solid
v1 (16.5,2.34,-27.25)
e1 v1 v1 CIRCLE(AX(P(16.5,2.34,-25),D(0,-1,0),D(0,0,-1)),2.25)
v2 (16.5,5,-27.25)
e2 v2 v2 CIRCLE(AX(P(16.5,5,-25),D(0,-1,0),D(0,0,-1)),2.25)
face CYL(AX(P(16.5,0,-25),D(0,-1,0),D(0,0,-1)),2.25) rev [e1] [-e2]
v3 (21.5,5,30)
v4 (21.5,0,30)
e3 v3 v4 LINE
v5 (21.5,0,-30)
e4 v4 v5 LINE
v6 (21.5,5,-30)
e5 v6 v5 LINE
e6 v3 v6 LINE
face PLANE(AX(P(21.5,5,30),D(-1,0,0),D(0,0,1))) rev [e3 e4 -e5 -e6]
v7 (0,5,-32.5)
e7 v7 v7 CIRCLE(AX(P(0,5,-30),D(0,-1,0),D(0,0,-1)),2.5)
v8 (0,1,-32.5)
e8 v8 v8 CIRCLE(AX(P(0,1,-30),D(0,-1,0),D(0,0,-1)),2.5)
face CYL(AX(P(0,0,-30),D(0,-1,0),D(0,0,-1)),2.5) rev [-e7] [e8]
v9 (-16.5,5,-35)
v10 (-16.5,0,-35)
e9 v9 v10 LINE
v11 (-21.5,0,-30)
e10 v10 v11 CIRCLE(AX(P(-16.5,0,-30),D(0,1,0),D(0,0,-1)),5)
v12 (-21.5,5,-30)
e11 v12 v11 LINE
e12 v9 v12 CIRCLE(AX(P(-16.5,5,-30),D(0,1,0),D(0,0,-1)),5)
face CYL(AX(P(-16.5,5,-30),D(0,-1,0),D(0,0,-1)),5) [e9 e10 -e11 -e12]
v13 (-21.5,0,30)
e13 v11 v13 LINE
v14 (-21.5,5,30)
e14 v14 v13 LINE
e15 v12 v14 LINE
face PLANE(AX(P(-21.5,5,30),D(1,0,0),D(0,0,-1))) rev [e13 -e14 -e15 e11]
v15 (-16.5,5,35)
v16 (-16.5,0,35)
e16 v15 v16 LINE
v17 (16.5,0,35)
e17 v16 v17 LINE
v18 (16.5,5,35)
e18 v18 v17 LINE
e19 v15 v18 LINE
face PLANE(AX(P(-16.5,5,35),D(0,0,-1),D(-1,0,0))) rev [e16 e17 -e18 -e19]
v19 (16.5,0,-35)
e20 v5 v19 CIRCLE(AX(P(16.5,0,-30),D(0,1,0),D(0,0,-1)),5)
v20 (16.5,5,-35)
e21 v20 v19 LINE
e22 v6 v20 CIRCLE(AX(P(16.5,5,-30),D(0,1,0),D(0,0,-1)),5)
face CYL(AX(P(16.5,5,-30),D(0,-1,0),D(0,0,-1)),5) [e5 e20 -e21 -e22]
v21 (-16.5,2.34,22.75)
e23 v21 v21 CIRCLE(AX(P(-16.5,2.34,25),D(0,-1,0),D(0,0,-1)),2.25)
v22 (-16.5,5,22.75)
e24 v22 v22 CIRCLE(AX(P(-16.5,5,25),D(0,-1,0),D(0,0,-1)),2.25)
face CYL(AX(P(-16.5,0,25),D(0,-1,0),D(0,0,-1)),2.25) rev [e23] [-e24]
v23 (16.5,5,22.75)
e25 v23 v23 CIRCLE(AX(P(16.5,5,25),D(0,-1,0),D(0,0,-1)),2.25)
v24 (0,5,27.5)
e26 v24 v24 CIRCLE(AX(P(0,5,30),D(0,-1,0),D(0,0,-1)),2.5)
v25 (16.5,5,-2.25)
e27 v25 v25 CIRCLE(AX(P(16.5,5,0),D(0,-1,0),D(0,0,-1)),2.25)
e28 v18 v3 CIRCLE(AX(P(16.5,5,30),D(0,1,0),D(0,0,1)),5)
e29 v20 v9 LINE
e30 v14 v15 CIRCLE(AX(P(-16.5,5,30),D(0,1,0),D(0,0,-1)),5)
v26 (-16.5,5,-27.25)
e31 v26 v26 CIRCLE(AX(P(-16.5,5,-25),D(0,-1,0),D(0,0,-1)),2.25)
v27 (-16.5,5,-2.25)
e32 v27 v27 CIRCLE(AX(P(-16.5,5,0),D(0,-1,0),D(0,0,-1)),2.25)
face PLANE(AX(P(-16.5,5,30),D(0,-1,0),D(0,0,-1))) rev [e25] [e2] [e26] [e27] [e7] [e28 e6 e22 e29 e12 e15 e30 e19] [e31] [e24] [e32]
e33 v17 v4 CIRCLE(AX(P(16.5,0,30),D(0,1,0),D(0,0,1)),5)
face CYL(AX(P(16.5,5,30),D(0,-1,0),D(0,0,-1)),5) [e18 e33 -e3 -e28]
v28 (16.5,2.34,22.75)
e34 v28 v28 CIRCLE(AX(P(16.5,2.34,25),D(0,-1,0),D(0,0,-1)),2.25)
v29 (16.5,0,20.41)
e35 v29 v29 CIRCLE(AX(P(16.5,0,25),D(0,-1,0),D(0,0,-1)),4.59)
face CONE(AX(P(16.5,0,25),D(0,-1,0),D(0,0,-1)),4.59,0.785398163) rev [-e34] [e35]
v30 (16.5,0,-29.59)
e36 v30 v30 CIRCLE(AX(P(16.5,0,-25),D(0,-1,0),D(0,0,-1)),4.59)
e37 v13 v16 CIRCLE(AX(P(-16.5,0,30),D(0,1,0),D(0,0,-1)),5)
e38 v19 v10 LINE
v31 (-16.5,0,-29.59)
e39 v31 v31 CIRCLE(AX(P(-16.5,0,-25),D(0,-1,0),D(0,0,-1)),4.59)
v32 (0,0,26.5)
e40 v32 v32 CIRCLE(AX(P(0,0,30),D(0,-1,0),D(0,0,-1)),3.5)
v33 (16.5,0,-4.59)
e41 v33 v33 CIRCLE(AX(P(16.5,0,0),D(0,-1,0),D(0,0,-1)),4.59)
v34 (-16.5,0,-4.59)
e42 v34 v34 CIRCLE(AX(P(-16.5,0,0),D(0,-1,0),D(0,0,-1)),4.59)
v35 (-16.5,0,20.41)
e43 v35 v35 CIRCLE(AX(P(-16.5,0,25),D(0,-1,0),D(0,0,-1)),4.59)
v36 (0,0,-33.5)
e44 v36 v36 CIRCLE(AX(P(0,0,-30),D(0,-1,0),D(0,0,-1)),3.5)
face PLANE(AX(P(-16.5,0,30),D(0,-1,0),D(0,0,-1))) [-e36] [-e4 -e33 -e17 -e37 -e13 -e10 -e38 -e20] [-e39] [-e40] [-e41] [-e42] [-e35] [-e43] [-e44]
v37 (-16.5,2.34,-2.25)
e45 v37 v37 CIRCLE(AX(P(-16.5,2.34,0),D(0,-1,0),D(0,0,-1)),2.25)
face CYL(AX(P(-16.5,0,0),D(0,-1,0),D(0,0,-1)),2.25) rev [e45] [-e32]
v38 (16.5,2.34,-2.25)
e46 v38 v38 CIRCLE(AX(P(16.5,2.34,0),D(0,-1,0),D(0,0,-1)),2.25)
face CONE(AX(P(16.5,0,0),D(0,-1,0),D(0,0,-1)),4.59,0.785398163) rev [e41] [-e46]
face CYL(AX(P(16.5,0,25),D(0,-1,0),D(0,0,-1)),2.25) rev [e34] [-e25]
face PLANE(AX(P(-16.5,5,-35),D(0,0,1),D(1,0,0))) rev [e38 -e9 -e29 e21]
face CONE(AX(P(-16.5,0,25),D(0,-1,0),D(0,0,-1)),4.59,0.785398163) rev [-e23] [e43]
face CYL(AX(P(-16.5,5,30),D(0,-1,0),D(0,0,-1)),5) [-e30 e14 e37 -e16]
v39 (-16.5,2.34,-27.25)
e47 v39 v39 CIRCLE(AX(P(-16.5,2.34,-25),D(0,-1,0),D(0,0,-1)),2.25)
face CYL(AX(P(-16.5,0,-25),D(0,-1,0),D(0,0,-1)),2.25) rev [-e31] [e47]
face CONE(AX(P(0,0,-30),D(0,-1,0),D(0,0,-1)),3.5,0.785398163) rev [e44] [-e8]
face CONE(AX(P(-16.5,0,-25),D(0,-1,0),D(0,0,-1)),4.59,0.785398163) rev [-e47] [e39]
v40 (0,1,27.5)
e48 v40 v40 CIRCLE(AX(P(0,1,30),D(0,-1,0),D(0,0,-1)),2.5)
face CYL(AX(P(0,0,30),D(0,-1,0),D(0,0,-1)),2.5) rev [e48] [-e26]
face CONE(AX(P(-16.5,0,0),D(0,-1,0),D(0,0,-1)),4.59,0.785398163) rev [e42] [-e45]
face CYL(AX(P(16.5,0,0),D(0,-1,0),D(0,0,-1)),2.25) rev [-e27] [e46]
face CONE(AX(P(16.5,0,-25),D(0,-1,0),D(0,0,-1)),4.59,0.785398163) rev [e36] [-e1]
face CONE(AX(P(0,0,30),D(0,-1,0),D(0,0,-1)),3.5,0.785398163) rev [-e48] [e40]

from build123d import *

# Parameters (mm, degrees)
SKETCH_2_R                  = 2.2
EXTRUDE_1_DEPTH             = 5
SKETCH_3_R                  = 2
CUT_EXTRUDE_1_DEPTH         = 50
HOLE_WIZARD_M61_D           = 5
HOLE_WIZARD_M61_CSINK_D     = 7
HOLE_WIZARD_M61_CSINK_ANGLE = 90
HOLE_WIZARD_M41_D           = 4.5
HOLE_WIZARD_M41_CSINK_D     = 9.18
HOLE_WIZARD_M41_CSINK_ANGLE = 90


with BuildPart() as part:
    # Эскиз2 → Бобышка-Вытянуть1 (new body)
    with BuildSketch(Plane(origin=(0, 0, 0), x_dir=(1, 0, 0), z_dir=(0, 1, 0))):
        with BuildLine():
            Line((-16.5, -35), (16.5, -35))
            ThreePointArc((16.5, -35), (20.035533906, -33.535533906), (21.5, -30))
            Line((21.5, -30), (21.5, 30))
            ThreePointArc((21.5, 30), (20.035533906, 33.535533906), (16.5, 35))
            Line((16.5, 35), (-16.5, 35))
            ThreePointArc((-16.5, 35), (-20.035533906, 33.535533906), (-21.5, 30))
            Line((-21.5, 30), (-21.5, -30))
            ThreePointArc((-21.5, -30), (-20.035533906, -33.535533906), (-16.5, -35))
        make_face()
        with Locations(Location((-16.5, -25, 0), (0, 0, 270))):
            Circle(SKETCH_2_R, mode=Mode.SUBTRACT)
        with Locations(Location((-16.5, 0, 0), (0, 0, 270))):
            Circle(SKETCH_2_R, mode=Mode.SUBTRACT)
        with Locations(Location((-16.5, 25, 0), (0, 0, 270))):
            Circle(SKETCH_2_R, mode=Mode.SUBTRACT)
        with Locations(Location((16.5, 0, 0), (0, 0, 90))):
            Circle(SKETCH_2_R, mode=Mode.SUBTRACT)
        with Locations(Location((16.5, 25, 0), (0, 0, 90))):
            Circle(SKETCH_2_R, mode=Mode.SUBTRACT)
        with Locations(Location((16.5, -25, 0), (0, 0, 90))):
            Circle(SKETCH_2_R, mode=Mode.SUBTRACT)
    extrude(amount=EXTRUDE_1_DEPTH)

    # Эскиз3 → Вырез-Вытянуть1 (cut)
    with BuildSketch(Plane(origin=(0, 5, 0), x_dir=(1, 0, 0), z_dir=(0, 1, 0))):
        with Locations(Location((0, 30, 0), (0, 0, 270))):
            Circle(SKETCH_3_R)
        with Locations(Location((0, -30, 0), (0, 0, 270))):
            Circle(SKETCH_3_R)
    extrude(amount=-CUT_EXTRUDE_1_DEPTH, mode=Mode.SUBTRACT)

    # Отверстие обработанное метчиком M61 (through all)
    with Locations(Plane.XZ):
        with Locations((0, -30), (0, 30)):
            CounterSinkHole(HOLE_WIZARD_M61_D / 2, HOLE_WIZARD_M61_CSINK_D / 2, counter_sink_angle=HOLE_WIZARD_M61_CSINK_ANGLE)

    # Зенковка для винта с потайной головкой и внутренним шестигранником M41 (through all)
    with Locations(Plane.XZ):
        with Locations((16.5, -25), (16.5, 0), (16.5, 25), (-16.5, 25), (-16.5, 0), (-16.5, -25)):
            CounterSinkHole(HOLE_WIZARD_M41_D / 2, HOLE_WIZARD_M41_CSINK_D / 2, counter_sink_angle=HOLE_WIZARD_M41_CSINK_ANGLE)


solid = part.part
